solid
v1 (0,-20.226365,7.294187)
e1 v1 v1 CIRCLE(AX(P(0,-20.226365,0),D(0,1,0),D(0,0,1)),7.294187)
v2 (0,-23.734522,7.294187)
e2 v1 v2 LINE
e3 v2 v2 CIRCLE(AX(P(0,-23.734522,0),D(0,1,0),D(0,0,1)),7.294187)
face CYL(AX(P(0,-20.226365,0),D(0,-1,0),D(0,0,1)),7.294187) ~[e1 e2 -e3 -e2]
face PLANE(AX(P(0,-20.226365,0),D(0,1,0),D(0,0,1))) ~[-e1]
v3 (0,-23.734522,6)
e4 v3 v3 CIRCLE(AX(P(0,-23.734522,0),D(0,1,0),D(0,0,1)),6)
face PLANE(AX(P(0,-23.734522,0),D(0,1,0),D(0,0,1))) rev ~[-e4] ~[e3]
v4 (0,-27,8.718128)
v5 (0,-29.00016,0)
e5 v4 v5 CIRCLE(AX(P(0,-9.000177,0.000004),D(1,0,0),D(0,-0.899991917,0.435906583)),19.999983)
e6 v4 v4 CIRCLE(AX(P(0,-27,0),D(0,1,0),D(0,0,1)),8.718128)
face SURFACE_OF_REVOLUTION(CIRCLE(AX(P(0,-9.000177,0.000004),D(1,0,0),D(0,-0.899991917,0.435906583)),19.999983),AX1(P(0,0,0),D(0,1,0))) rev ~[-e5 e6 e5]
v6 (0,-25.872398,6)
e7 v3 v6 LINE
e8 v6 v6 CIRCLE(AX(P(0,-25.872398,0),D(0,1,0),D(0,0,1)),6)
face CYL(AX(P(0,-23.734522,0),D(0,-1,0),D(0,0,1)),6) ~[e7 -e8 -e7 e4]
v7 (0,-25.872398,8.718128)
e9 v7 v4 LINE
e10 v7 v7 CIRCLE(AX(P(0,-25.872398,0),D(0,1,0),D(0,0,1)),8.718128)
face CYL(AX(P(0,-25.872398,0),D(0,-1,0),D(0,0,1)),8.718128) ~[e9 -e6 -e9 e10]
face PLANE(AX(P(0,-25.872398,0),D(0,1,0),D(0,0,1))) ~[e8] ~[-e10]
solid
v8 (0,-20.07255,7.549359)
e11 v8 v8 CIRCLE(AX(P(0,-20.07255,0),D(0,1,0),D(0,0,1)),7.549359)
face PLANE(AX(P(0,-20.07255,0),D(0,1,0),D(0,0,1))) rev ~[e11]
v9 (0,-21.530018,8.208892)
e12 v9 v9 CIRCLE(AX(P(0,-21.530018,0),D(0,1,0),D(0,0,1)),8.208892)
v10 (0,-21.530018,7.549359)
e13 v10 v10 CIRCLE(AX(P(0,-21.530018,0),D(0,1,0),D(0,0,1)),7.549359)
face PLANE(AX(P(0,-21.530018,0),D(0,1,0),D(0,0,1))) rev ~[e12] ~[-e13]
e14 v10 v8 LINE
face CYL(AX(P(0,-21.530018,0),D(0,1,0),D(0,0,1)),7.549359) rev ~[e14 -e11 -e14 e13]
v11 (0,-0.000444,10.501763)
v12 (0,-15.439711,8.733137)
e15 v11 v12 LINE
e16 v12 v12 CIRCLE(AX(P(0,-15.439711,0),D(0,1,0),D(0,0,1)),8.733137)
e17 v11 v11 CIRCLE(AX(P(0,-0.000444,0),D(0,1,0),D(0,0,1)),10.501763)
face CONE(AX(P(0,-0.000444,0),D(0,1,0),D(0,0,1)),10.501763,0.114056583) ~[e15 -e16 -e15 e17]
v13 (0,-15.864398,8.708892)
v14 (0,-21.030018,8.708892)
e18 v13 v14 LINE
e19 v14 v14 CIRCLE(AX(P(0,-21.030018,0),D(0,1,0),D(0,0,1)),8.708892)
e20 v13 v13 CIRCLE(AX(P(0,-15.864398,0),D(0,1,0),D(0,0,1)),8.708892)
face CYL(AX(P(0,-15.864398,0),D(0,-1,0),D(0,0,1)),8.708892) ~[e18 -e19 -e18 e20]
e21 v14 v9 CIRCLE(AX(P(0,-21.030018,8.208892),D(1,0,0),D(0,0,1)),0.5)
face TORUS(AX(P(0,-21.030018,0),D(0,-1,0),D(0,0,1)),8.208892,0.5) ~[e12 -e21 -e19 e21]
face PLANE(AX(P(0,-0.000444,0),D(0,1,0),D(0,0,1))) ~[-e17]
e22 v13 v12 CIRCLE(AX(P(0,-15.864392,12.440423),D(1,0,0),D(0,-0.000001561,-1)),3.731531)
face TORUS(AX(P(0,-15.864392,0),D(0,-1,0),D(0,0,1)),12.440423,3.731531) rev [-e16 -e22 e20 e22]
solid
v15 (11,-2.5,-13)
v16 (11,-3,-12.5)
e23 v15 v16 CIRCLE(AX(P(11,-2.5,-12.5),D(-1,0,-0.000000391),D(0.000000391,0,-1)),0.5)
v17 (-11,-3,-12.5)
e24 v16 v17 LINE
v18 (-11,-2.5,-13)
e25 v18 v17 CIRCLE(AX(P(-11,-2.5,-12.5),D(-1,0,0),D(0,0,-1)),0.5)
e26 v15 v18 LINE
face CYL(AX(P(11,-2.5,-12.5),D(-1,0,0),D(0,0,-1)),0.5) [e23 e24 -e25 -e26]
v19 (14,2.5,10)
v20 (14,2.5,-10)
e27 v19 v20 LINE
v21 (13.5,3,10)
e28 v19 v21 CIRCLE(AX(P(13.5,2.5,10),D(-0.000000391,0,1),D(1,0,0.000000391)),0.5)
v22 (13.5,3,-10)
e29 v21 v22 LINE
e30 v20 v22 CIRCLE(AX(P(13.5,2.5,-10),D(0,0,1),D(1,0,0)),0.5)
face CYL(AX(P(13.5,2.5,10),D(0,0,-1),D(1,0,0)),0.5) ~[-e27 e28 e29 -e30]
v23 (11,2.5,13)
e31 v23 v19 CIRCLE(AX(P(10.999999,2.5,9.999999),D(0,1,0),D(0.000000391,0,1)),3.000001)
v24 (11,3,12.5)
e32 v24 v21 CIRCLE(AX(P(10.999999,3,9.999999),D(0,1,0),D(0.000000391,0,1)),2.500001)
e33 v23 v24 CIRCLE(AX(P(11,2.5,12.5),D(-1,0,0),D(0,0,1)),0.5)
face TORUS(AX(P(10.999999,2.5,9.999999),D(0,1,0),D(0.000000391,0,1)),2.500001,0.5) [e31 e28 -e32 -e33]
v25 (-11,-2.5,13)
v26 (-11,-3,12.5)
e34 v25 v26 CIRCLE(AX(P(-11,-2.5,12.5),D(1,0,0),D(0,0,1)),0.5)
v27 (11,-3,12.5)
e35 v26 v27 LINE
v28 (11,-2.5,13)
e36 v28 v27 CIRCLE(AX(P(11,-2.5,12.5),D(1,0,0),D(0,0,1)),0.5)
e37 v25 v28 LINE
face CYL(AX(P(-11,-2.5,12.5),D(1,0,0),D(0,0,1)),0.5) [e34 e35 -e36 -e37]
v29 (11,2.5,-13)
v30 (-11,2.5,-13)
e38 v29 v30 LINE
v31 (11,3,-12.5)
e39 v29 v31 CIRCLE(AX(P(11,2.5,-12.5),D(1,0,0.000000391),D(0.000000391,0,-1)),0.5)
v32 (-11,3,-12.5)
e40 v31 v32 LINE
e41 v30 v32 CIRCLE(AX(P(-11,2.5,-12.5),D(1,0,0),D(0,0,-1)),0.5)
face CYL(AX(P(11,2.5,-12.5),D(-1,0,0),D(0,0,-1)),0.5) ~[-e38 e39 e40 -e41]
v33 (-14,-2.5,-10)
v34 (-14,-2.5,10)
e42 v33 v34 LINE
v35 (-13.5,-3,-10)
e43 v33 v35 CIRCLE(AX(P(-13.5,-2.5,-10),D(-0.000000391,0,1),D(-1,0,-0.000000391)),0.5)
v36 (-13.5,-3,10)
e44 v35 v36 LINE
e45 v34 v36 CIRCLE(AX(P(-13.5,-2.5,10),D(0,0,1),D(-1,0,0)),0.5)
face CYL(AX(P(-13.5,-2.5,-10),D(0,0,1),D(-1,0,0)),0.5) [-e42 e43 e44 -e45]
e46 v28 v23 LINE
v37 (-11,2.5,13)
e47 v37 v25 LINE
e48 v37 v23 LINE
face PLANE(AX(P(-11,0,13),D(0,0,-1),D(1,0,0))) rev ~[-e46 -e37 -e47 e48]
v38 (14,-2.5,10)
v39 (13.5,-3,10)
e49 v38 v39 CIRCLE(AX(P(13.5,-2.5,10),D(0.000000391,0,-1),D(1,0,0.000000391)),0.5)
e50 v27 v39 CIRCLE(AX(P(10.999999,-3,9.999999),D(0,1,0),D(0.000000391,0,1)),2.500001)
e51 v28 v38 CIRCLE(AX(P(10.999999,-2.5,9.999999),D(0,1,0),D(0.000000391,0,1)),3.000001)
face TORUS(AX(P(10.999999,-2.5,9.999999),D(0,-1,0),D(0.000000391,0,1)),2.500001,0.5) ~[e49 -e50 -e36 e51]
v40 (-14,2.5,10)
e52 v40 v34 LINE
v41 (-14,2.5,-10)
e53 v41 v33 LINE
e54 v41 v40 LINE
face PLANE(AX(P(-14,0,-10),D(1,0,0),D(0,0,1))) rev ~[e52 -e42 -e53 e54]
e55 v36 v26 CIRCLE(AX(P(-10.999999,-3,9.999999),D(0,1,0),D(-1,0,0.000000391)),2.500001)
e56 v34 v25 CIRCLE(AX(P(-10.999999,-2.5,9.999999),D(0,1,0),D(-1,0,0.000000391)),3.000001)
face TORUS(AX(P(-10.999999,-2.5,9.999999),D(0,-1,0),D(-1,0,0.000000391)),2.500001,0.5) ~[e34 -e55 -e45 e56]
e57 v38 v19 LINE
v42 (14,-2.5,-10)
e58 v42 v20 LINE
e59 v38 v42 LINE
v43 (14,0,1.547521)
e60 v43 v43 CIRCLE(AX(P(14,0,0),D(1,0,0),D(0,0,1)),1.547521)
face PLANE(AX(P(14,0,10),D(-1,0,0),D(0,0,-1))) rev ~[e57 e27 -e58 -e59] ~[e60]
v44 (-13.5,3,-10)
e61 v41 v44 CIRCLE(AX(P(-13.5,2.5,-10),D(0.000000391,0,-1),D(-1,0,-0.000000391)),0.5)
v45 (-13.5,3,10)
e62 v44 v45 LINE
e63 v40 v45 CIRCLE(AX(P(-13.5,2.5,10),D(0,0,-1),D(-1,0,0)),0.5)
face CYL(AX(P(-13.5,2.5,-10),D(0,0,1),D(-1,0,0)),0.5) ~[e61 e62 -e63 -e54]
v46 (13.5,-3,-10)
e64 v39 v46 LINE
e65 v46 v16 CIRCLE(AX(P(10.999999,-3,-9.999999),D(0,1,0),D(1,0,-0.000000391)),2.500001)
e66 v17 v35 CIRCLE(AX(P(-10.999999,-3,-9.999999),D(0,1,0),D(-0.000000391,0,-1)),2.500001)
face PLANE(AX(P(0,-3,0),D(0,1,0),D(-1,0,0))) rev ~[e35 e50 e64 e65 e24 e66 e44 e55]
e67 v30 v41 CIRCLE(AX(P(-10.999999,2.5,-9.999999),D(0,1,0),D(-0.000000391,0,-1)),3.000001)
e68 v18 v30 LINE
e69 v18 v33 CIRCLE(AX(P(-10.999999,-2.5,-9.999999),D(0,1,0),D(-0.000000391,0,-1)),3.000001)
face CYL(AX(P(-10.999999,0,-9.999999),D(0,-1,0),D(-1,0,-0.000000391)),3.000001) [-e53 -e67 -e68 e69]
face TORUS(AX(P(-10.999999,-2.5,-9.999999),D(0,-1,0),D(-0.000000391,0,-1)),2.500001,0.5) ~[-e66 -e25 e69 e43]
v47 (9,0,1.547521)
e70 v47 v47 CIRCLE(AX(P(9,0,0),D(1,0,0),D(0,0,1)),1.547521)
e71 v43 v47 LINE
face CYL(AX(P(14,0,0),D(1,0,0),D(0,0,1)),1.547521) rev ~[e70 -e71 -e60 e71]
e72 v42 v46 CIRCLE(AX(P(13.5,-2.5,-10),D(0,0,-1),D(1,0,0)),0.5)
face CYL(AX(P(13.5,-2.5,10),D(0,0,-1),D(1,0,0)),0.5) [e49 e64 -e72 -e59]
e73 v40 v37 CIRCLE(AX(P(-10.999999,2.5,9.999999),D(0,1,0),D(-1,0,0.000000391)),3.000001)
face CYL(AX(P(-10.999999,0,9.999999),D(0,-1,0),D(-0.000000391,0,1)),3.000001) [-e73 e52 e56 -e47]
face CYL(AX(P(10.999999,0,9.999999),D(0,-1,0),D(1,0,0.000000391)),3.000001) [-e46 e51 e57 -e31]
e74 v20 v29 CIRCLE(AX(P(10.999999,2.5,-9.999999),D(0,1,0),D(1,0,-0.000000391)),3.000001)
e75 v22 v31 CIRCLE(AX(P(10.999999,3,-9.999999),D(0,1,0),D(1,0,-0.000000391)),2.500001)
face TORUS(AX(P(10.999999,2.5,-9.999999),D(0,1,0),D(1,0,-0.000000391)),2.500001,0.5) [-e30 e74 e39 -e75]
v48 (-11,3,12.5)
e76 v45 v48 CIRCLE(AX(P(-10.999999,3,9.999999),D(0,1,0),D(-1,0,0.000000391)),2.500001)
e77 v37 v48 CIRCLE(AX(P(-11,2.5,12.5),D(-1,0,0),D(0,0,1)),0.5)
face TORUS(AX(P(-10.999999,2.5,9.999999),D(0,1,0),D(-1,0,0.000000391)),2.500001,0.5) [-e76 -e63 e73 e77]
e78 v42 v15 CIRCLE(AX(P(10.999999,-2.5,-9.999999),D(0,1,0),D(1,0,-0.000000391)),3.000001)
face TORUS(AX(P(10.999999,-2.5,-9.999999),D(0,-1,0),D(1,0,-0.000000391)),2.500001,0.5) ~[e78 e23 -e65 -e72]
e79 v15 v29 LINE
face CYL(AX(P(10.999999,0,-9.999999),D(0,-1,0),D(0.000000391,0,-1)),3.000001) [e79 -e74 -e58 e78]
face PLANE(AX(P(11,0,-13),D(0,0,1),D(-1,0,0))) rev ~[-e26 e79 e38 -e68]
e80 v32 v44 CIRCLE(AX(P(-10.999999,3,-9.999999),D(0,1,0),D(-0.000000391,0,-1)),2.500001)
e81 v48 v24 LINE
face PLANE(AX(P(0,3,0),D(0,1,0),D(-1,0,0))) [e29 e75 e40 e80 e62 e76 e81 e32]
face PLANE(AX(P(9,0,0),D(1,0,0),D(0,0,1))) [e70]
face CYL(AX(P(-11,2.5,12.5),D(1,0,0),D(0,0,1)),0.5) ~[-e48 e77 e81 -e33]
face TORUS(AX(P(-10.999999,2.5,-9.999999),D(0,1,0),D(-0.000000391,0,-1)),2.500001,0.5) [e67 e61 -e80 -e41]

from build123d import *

# Parameters (mm, degrees)
PAD_DEPTH    = 3
SKETCH002_R  = 1.547521
POCKET_DEPTH = 5
FILLET_R     = 0.5
FILLET001_R  = 0.5
FILLET002_R  = 0.5


with BuildPart() as body:
    # Sketch → Pad (new body, symmetric)
    with BuildSketch(Plane.XZ):
        with BuildLine():
            Line((-11, 13), (11, 13))
            ThreePointArc((14, 10), (13.12132, 12.12132), (11, 13))
            Line((14, 10), (14, -10))
            ThreePointArc((11, -13), (13.12132, -12.12132), (14, -10))
            Line((11, -13), (-11, -13))
            ThreePointArc((-14, -10), (-13.12132, -12.12132), (-11, -13))
            Line((-14, -10), (-14, 10))
            ThreePointArc((-11, 13), (-13.12132, 12.12132), (-14, 10))
        make_face()
    extrude(amount=PAD_DEPTH, both=True)

    # Sketch002 → Pocket (cut)
    with BuildSketch(Plane(origin=(14, 0, 0), x_dir=(0, 0, 1), z_dir=(1, 0, 0))):
        Circle(SKETCH002_R)
    extrude(amount=-POCKET_DEPTH, mode=Mode.SUBTRACT)

    # Fillet
    fillet_edges = [body.edges().sort_by_distance(p)[0] for p in [
        (0, -3, 13),
        (13.12132, -3, 12.12132),
        (14, -3, 0),
        (13.12132, -3, -12.12132),
        (0, -3, -13),
        (-13.12132, -3, -12.12132),
        (-14, -3, 0),
        (-13.12132, -3, 12.12132),
    ]]
    fillet(fillet_edges, radius=FILLET_R)

    # Fillet001
    fillet001_edges = [body.edges().sort_by_distance(p)[0] for p in [
        (0, 3, 13),
        (13.12132, 3, 12.12132),
        (14, 3, 0),
        (13.12132, 3, -12.12132),
        (0, 3, -13),
        (-13.12132, 3, -12.12132),
        (-14, 3, 0),
        (-13.12132, 3, 12.12132),
    ]]
    fillet(fillet001_edges, radius=FILLET001_R)


with BuildPart() as body001:
    # CopySketch003 → Revolution001 (revolve)
    with BuildSketch(Plane.YZ):
        with BuildLine():
            Line((-0.000444, 0), (-0.000444, 10.501763))
            Line((-0.000444, 10.501763), (-15.439711, 8.733137))
            ThreePointArc((-15.864398, 8.708892), (-15.651709, 8.714958), (-15.439711, 8.733137))
            Line((-15.864398, 8.708892), (-21.530018, 8.708892))
            Line((-21.530018, 8.708892), (-21.530018, 7.549359))
            Line((-21.530018, 7.549359), (-20.07255, 7.549359))
            Line((-20.07255, 7.549359), (-20.07255, 0))
            Line((-20.07255, 0), (-0.000444, 0))
        make_face()
    revolve(axis=Axis((0, 0, 0), (0, 1, 0)))

    # Fillet002
    fillet002_edges = [body001.edges().sort_by_distance(p)[0] for p in [
        (0, -21.530018, -8.708892),
    ]]
    fillet(fillet002_edges, radius=FILLET002_R)


with BuildPart() as body002:
    # CopySketch003001 → Revolution002 (revolve)
    with BuildSketch(Plane.YZ):
        with BuildLine():
            Line((-20.226365, 7.294187), (-23.734522, 7.294187))
            Line((-23.734522, 7.294187), (-23.734522, 6))
            Line((-23.734522, 6), (-25.872398, 6))
            Line((-25.872398, 6), (-25.872398, 8.718128))
            Line((-25.872398, 8.718128), (-27, 8.718128))
            ThreePointArc((-27, 8.718128), (-28.493708, 4.472315), (-29.00016, 0))
            Line((-29.00016, 0), (-20.226365, 0))
            Line((-20.226365, 0), (-20.226365, 7.294187))
        make_face()
    revolve(axis=Axis((0, 0, 0), (0, 1, 0)))


solid = Compound([body.part, body001.part, body002.part])
